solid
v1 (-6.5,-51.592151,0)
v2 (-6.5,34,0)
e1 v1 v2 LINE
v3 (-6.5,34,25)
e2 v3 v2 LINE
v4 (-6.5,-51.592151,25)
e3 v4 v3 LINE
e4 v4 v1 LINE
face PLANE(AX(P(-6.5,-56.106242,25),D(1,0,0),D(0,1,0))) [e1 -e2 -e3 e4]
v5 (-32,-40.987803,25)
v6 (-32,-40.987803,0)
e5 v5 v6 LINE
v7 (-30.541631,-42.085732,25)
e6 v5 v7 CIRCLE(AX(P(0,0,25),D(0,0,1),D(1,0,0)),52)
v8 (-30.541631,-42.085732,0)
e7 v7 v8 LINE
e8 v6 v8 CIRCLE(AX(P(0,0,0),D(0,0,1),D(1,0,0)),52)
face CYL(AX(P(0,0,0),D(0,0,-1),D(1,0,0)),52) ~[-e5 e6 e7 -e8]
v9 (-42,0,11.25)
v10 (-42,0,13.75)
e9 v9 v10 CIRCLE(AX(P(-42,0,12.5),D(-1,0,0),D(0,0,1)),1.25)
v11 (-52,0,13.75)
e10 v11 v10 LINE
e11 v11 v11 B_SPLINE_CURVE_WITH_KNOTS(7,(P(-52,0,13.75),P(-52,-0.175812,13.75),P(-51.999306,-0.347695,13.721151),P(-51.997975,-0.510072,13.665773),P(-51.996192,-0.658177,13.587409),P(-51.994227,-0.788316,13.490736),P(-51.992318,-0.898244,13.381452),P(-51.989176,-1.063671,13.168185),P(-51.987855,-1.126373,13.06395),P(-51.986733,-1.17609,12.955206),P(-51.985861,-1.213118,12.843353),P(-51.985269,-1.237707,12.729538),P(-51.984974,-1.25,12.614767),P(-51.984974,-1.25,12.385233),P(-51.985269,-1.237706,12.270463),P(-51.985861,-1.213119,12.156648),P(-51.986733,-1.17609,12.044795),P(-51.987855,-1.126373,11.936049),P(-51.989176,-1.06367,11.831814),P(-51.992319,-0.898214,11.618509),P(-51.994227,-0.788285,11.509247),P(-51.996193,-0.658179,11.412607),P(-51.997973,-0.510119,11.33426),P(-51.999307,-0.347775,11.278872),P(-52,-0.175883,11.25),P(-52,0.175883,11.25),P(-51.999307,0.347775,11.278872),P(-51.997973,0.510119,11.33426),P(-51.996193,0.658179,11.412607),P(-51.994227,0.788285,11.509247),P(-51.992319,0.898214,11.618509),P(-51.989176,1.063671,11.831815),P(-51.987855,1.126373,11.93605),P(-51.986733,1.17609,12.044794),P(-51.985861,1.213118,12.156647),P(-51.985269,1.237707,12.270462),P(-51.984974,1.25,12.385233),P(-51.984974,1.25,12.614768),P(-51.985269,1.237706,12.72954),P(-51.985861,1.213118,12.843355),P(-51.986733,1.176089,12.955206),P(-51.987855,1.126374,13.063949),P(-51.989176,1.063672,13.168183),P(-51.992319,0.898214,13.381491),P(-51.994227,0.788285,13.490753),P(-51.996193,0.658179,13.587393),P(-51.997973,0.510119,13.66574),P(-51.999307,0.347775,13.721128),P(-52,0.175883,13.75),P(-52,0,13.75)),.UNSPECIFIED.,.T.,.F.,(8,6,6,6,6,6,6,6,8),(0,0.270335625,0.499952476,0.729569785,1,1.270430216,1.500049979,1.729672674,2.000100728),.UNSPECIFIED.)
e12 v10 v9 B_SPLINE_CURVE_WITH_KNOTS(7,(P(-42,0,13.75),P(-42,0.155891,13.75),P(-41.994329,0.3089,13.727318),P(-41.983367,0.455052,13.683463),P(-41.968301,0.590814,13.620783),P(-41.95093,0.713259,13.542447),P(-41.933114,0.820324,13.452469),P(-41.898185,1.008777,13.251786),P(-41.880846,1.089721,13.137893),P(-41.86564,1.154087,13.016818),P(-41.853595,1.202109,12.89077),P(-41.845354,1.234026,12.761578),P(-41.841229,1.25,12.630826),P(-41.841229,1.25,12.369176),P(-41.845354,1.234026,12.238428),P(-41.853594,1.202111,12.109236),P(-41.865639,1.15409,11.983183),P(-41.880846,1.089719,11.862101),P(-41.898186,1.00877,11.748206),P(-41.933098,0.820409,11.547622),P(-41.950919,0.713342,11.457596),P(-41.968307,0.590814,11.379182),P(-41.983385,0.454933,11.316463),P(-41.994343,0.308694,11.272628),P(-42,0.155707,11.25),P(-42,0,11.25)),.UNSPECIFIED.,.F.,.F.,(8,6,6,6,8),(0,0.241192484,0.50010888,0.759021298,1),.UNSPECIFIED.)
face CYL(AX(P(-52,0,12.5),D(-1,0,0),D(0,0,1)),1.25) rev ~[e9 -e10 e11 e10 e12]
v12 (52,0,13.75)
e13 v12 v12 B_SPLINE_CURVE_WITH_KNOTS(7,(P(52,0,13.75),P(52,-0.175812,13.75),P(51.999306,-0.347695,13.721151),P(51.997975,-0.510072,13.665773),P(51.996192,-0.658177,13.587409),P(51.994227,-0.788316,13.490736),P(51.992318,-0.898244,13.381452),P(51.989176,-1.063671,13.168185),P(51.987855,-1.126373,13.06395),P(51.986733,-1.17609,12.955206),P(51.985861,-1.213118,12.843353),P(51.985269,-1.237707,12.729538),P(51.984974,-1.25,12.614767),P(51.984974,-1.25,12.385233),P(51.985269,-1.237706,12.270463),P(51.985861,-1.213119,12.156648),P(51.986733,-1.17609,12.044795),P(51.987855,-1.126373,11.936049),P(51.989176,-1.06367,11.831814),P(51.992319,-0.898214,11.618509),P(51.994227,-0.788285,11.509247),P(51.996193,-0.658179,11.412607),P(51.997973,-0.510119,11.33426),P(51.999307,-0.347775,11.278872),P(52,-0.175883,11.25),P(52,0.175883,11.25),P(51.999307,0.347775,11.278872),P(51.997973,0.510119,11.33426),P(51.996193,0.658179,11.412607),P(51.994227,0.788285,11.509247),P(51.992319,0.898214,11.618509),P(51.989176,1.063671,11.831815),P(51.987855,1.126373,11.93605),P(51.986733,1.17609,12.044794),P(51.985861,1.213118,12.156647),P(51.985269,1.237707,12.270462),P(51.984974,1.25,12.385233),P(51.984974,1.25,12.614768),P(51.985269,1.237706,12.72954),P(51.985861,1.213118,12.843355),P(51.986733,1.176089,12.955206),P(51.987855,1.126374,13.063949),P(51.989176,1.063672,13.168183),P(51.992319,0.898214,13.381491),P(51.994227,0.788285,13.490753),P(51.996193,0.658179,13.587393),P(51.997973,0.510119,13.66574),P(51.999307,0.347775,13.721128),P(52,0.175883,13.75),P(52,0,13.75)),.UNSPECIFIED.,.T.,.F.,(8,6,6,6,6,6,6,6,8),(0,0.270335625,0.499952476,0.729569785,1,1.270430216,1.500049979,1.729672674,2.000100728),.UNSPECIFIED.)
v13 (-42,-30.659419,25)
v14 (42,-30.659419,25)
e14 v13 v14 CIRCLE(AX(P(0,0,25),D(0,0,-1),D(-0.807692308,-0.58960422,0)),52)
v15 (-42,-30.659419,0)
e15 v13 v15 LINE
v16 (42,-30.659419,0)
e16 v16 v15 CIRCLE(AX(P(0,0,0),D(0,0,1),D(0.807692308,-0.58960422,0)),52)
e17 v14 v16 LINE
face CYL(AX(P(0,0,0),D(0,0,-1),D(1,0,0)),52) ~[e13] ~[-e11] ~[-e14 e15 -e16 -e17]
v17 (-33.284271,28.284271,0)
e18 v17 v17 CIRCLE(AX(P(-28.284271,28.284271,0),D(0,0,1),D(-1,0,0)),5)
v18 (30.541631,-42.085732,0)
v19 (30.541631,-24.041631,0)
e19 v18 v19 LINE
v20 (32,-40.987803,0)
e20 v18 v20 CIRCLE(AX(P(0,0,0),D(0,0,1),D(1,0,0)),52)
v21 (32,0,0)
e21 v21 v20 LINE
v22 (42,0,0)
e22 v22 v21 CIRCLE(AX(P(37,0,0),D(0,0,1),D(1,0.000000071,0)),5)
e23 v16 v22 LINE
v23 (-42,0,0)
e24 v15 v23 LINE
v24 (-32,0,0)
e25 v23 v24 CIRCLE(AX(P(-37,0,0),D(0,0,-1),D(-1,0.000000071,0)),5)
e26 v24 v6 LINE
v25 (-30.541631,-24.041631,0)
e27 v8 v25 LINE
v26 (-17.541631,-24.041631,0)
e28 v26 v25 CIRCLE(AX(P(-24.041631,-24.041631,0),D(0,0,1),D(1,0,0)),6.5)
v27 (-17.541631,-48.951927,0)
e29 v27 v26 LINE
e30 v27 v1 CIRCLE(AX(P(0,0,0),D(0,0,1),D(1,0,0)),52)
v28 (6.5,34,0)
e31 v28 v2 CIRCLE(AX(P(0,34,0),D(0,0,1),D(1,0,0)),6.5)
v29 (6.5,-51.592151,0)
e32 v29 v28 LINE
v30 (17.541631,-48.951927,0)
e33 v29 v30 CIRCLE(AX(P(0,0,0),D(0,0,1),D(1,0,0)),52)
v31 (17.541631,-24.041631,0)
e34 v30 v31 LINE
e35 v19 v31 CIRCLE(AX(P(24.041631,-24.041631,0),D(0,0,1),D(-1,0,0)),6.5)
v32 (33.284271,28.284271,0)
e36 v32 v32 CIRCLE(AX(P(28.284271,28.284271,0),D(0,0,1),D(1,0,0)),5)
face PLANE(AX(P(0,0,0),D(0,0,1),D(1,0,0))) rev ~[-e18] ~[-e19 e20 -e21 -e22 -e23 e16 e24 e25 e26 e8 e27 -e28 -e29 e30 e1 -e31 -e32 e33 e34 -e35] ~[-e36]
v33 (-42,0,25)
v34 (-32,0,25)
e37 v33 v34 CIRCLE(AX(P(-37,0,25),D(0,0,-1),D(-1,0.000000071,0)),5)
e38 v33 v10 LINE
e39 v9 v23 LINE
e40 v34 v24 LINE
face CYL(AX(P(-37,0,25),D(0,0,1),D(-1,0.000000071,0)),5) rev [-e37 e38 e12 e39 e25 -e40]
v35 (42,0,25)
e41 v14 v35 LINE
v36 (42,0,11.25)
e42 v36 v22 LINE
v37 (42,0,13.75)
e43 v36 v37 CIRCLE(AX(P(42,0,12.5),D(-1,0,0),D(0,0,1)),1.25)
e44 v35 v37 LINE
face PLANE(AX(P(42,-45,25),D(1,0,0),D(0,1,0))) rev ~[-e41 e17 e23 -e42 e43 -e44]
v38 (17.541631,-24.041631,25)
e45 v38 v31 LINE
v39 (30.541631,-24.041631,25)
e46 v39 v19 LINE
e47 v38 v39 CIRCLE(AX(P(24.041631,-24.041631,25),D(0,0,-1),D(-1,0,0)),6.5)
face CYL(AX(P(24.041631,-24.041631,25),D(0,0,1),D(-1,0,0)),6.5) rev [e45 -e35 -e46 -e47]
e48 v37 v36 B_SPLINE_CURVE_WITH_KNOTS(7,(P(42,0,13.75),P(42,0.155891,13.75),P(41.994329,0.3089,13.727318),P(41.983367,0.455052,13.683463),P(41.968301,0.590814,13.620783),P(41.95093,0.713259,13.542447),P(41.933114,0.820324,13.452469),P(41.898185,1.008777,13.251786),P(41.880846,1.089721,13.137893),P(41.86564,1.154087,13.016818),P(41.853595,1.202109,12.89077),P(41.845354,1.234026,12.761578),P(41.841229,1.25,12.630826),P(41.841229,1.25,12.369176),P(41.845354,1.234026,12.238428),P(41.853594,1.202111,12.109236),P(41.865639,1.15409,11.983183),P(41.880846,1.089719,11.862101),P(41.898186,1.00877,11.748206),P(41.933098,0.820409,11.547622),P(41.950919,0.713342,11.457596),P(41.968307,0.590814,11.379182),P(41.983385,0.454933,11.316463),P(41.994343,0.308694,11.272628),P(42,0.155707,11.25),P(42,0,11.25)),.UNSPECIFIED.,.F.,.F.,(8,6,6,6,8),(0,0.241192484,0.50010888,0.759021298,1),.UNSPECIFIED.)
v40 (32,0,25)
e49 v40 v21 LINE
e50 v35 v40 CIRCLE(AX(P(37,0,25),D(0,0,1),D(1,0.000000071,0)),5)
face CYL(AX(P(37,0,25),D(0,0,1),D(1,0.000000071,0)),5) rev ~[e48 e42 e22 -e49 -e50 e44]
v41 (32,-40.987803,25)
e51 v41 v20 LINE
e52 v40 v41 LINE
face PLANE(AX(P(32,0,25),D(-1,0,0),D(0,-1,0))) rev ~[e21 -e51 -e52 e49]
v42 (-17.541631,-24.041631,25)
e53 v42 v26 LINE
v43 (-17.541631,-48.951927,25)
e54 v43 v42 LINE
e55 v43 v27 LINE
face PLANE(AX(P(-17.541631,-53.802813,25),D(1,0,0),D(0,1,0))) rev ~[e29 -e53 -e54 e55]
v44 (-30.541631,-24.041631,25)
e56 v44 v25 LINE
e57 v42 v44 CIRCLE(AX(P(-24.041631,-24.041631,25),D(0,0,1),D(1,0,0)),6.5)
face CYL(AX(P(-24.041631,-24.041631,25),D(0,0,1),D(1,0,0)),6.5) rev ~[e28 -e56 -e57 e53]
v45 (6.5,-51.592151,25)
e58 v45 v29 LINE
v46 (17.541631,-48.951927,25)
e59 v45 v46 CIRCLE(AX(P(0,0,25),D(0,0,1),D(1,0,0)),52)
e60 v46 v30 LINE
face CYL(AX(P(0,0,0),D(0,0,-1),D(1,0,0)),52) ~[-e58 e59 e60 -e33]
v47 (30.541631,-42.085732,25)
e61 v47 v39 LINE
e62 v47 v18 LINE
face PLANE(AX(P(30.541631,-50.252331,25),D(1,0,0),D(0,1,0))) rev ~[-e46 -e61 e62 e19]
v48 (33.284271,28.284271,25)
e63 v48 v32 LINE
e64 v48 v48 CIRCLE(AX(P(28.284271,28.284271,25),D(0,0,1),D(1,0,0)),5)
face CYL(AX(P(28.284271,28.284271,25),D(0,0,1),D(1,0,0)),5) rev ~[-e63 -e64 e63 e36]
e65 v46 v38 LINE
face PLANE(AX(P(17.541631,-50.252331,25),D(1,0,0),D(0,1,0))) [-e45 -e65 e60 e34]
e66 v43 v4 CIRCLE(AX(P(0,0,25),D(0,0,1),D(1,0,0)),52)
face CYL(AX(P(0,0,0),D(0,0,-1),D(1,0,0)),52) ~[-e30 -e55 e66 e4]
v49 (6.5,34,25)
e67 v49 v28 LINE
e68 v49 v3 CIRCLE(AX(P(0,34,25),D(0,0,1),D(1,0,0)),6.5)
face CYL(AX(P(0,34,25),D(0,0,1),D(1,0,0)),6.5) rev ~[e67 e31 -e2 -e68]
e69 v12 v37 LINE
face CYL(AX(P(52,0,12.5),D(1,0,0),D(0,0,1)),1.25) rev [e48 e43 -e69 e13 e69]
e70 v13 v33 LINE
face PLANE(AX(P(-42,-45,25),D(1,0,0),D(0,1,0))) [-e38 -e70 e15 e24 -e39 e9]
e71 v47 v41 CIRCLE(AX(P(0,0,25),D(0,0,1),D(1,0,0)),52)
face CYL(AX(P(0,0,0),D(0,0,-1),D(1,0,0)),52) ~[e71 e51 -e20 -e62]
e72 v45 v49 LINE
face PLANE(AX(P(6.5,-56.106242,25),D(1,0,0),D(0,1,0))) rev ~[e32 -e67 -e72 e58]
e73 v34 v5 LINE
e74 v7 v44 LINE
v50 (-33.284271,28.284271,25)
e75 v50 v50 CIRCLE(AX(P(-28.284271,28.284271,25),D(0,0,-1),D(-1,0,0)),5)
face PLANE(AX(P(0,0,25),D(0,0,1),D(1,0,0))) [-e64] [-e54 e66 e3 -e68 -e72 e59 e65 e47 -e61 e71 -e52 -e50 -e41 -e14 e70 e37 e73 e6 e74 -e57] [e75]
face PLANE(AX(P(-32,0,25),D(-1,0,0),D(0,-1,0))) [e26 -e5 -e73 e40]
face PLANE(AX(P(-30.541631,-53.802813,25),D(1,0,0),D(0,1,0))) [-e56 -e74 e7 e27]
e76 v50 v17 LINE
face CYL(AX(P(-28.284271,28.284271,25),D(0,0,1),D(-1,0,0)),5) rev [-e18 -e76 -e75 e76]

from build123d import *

# Parameters (mm, degrees)
SKETCH1_R              = 52
BOSS_EXTRUDE1_DEPTH    = 25
CUT_EXTRUDE1_DEPTH     = 25
SKETCH3_R              = 6.5
CUT_EXTRUDE2_DEPTH     = 30
SKETCH5_R              = 6.5
CUT_EXTRUDE3_DEPTH     = 30
SKETCH6_W              = 13
SKETCH6_H              = 90.106241662
SKETCH6_H_2            = 26.210700472
SKETCH6_H_3            = 29.761182449
CUT_EXTRUDE4_DEPTH     = 30
M3_TAPPED_HOLE1_REACH  = 120.933
M3_TAPPED_HOLE1_BORE_R = 1.25
SKETCH10_R             = 5
CUT_EXTRUDE5_DEPTH     = 30


with BuildPart() as part:
    # Sketch1 → Boss-Extrude1 (new body)
    with BuildSketch(Plane.XY):
        Circle(SKETCH1_R)
    extrude(amount=BOSS_EXTRUDE1_DEPTH)

    # Sketch2 → Cut-Extrude1 (cut)
    with BuildSketch(Plane.XY.offset(25)):
        with BuildLine():
            Line((32, 0), (32, -45))
            Line((32, -45), (42, -45))
            Line((42, -45), (42, 3.54e-07))
            ThreePointArc((42, 3.54e-07), (36.999999823, 5), (32, 0))
        make_face()
        with BuildLine():
            Line((-5, -39.999999646), (-5, -55))
            Line((-5, -55), (5, -55))
            Line((5, -55), (5, -40))
            ThreePointArc((5, -40), (1.77e-07, -35), (-5, -39.999999646))
        make_face()
        with BuildLine():
            Line((-32, -45), (-42, -45))
            Line((-42, -45), (-42, 3.54e-07))
            ThreePointArc((-42, 3.54e-07), (-36.999999823, 5), (-32, 0))
            Line((-32, 0), (-32, -45))
        make_face()
    extrude(amount=-CUT_EXTRUDE1_DEPTH, mode=Mode.SUBTRACT)

    # Sketch3 → Cut-Extrude2 (cut)
    with BuildSketch(Plane.XY.offset(25)):
        with Locations((0, 34)):
            Circle(SKETCH3_R)
    extrude(amount=-CUT_EXTRUDE2_DEPTH, mode=Mode.SUBTRACT)

    # Sketch5 → Cut-Extrude3 (cut)
    with BuildSketch(Plane.XY.offset(25)):
        with Locations((-24.04163056, -24.04163056)):
            Circle(SKETCH5_R)
    cut_extrude3 = extrude(amount=-CUT_EXTRUDE3_DEPTH, mode=Mode.SUBTRACT)

    # Mirror1: Cut-Extrude3 across plane
    add(cut_extrude3.mirror(Plane(origin=(0, 0, 0), x_dir=(0, 0, 1), z_dir=(1, 0, 0))), mode=Mode.SUBTRACT)

    # Sketch6 → Cut-Extrude4 (cut)
    with BuildSketch(Plane.XY.offset(25)):
        with Locations((0, -11.053120831)):
            Rectangle(SKETCH6_W, SKETCH6_H)
        with Locations((24.04163056, -37.146980796)):
            Rectangle(SKETCH6_W, SKETCH6_H_2)
        with Locations((-24.04163056, -38.922221785)):
            Rectangle(SKETCH6_W, SKETCH6_H_3)
    extrude(amount=-CUT_EXTRUDE4_DEPTH, mode=Mode.SUBTRACT)

    # M3 Tapped Hole1 bore → M3 Tapped Hole1 (cut, up to next)
    with BuildSketch(Plane.ZY.offset(52), mode=Mode.PRIVATE) as m3_tapped_hole1_sk1:
        with Locations((12.5, 0)):
            Circle(M3_TAPPED_HOLE1_BORE_R)
    m3_tapped_hole1_tool1 = extrude(m3_tapped_hole1_sk1.sketch, amount=-M3_TAPPED_HOLE1_REACH, mode=Mode.PRIVATE) & part.part
    m3_tapped_hole1 = m3_tapped_hole1_tool1.solids().sort_by_distance((-52, 0, 12.5))[0]
    add(m3_tapped_hole1, mode=Mode.SUBTRACT)

    # Mirror2: M3 Tapped Hole1 across plane
    add(m3_tapped_hole1.mirror(Plane(origin=(0, 0, 0), x_dir=(0, 0, 1), z_dir=(1, 0, 0))), mode=Mode.SUBTRACT)

    # Sketch10 → Cut-Extrude5 (cut)
    with BuildSketch(Plane.XY.offset(25)):
        with Locations((28.284271247, 28.284271247)):
            Circle(SKETCH10_R)
    cut_extrude5 = extrude(amount=-CUT_EXTRUDE5_DEPTH, mode=Mode.SUBTRACT)

    # Mirror3: Cut-Extrude5 across plane
    add(cut_extrude5.mirror(Plane(origin=(0, 0, 0), x_dir=(0, 0, 1), z_dir=(1, 0, 0))), mode=Mode.SUBTRACT)


solid = part.part
